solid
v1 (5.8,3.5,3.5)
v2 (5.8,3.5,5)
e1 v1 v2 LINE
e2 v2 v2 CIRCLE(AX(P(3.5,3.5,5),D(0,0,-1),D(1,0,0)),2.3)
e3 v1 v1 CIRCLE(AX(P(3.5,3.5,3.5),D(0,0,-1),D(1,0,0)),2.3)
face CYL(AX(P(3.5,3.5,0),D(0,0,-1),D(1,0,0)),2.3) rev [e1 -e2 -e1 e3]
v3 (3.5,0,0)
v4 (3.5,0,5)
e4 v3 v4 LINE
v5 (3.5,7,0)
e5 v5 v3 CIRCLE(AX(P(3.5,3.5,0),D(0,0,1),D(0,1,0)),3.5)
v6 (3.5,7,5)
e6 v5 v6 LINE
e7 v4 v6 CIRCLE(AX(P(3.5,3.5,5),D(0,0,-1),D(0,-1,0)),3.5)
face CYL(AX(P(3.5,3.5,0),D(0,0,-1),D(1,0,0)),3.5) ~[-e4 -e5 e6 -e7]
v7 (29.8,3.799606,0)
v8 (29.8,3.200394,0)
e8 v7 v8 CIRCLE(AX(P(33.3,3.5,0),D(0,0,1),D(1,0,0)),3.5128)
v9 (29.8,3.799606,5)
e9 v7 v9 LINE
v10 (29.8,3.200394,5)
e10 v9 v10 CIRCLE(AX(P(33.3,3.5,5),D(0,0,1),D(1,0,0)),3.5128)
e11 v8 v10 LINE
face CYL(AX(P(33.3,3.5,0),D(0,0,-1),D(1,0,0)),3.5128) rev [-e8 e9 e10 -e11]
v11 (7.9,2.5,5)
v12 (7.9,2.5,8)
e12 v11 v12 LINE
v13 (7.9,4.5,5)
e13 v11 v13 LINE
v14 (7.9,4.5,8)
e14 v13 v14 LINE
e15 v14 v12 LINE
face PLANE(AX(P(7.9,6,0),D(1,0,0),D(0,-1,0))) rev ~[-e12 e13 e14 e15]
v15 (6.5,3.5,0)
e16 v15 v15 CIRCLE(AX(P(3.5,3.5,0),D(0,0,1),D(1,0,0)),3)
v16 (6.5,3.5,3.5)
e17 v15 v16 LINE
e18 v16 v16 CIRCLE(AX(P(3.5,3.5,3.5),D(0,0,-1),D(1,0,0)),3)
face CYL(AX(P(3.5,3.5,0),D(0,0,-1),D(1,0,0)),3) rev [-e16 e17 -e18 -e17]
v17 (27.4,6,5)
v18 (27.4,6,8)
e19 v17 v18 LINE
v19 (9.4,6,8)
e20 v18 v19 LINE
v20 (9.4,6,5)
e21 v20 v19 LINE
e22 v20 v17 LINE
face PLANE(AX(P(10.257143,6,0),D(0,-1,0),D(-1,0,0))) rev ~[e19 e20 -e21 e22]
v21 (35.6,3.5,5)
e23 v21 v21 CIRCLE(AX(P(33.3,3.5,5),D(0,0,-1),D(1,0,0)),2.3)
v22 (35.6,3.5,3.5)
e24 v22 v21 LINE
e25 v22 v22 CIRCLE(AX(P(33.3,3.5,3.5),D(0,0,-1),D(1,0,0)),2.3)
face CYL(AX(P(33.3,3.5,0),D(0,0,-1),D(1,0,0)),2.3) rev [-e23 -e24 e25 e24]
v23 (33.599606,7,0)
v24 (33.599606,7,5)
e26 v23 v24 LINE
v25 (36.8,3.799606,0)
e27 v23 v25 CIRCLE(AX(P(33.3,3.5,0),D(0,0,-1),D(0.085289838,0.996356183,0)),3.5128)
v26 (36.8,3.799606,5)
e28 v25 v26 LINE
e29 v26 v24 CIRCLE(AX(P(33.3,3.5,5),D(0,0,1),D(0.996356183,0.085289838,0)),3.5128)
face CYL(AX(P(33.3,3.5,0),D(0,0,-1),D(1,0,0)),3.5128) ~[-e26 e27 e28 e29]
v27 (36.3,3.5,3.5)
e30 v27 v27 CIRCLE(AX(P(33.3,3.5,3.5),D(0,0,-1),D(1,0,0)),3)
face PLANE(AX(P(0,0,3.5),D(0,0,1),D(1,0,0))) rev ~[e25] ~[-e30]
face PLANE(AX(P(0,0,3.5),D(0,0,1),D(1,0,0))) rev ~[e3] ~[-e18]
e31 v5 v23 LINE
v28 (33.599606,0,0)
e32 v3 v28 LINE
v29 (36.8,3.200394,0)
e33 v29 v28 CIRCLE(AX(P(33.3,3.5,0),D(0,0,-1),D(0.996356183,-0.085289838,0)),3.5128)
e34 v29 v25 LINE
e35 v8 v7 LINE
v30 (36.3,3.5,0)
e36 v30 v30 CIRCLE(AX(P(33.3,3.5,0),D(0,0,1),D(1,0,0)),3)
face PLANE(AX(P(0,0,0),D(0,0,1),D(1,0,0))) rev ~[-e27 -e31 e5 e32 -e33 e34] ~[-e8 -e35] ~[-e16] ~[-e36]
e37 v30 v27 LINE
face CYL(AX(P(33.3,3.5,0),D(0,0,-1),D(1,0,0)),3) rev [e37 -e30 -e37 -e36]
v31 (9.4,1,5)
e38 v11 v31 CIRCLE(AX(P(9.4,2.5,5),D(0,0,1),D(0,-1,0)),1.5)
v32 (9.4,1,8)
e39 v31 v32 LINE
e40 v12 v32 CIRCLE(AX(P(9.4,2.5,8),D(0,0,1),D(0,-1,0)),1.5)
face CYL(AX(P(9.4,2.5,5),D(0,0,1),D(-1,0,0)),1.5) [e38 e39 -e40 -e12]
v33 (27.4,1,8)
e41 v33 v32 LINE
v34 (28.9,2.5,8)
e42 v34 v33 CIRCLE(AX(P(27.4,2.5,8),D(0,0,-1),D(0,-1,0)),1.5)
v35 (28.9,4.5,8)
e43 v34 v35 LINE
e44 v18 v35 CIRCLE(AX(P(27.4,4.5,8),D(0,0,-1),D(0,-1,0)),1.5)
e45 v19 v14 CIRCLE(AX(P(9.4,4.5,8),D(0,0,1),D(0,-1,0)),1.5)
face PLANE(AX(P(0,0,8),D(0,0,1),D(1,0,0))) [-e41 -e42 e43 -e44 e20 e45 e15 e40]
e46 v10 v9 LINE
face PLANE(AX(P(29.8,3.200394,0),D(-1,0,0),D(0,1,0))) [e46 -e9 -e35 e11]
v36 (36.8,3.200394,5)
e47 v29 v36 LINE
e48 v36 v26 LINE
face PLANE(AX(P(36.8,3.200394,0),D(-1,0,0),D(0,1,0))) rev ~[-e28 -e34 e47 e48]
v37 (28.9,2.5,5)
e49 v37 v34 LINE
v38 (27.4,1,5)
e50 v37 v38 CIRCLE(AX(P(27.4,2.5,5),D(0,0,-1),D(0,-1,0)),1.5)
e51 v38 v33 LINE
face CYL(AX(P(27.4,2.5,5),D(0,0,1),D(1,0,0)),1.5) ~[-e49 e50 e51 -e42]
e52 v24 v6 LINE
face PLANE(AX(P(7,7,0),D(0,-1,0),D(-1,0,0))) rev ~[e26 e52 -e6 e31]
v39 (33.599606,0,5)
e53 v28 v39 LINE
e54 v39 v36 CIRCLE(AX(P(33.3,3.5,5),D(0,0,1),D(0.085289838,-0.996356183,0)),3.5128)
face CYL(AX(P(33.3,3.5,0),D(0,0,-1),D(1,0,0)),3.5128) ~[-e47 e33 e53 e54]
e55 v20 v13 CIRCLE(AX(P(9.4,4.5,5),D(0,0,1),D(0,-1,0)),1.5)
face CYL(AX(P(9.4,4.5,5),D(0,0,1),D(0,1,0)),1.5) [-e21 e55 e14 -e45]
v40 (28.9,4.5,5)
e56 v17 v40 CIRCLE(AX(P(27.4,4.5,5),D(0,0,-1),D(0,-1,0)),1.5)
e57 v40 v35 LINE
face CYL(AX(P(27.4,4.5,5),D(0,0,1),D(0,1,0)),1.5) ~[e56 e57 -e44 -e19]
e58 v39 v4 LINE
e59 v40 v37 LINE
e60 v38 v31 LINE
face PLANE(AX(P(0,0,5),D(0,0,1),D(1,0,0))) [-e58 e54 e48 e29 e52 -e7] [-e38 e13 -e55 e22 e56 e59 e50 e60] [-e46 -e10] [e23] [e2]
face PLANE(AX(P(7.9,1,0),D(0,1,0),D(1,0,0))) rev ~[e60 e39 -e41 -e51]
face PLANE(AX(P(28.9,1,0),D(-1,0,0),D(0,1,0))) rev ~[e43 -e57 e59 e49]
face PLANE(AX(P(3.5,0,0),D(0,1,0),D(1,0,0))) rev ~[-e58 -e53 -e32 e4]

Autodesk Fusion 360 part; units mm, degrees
sketch "Sketch1" plane through (0, 0, 0) normal (0, 0, 1) x (1, 0, 0)
  line L0 (0, 0) -> (7, 0)
  line L1 (7, 0) -> (7, 7)
  line L2 (7, 7) -> (0, 7)
  line L3 (0, 7) -> (0, 0)
  line L4 (7, 0) -> (29.8, 0)
  line L5 (29.8, 0) -> (29.8, 7)
  line L6 (29.8, 7) -> (7, 7)
  line L7 (7, 7) -> (7, 0)
  line L8 (29.8, 0) -> (36.8, 0)
  line L9 (36.8, 0) -> (36.8, 7)
  line L10 (36.8, 7) -> (29.8, 7)
  line L11 (29.8, 7) -> (29.8, 0)
  line L12 (0, 7) -> (7, 0)
  line L13 (0, 0) -> (7, 7)
  line L14 (29.8, 7) -> (36.8, 0)
  line L15 (29.8, 0) -> (36.8, 7)
  circle A0 centre (3.5, 3.5) radius 2.3
  circle A1 centre (33.3, 3.5) radius 2.3
  circle A2 centre (3.5, 3.5) radius 3.5
  circle A3 centre (33.3, 3.5) radius 3.5128
  circle A4 centre (33.3, 3.5) radius 3
  circle A5 centre (3.5, 3.5) radius 3
  line L16 (29.8, 7) -> (7, 0)
  line L17 (29.8, 0) -> (7, 7)
  line L18 (7.9, 1) -> (28.9, 1)
  line L19 (28.9, 1) -> (28.9, 6)
  line L20 (28.9, 6) -> (7.9, 6)
  line L21 (7.9, 6) -> (7.9, 1)
  line L22 (7.9, 1) -> (28.9, 6) construction
  line L23 (28.9, 1) -> (7.9, 6) construction
  point P0 (18.4, 3.5)
  dimension "d1" = 7
  dimension "d2" = 7
  dimension "d3" = 22.8
  dimension "d4" = 7
  dimension "d5" = 4.6
  dimension "d6" = 4.6
  dimension "d9" = 6
  dimension "d10" = 6
  dimension "d13" = 21
  dimension "d14" = 5
extrude "Extrude1" add sketch "Sketch1" along normal blind 5 contours L0 L12 A2 | L12 L13 A2 A5 | L12 L13 A2 A5 | L1 L7 L12 A2 | L4 L16 L17 L18 | L1 L7 L16 L17 L18 L20 L21 | L12 L13 A2 A5 | L12 L13 A2 A5 | L12 L13 A0 A5 | L12 L13 A0 A5 | L1 L7 L13 A2 | L5 L11 A3 L16 L17 L18 L19 L20 | L8 L15 A3 | L5 L11 L15 A3 | L16 L17 L18 L20 L21 | L16 L17 L18 | L12 L13 A0 A5 | L2 L13 A2 | L12 L13 A0 A5 | L6 L16 L17 L20 | L5 L11 L14 L15 A3 A4 | L8 L14 L15 A3 A4 | L16 L17 L18 L19 L20 | L16 L17 L20 | L5 L11 L14 A3 | L10 L14 A3 | L14 L15 A1 A4 | L14 L15 A1 A4 | L10 L14 L15 A3 A4 | L9 L14 L15 A3 A4 | L14 L15 A1 A4 | L14 L15 A1 A4
extrude "Extrude2" cut sketch "Sketch1" along normal blind 3.5 contours L12 L13 A0 A5 | L12 L13 A0 A5 | L12 L13 A0 A5 | L12 L13 A0 A5 | L14 L15 A1 A4 | L14 L15 A1 A4 | L14 L15 A1 A4 | L14 L15 A1 A4
extrude "Extrude3" add sketch "Sketch1" along normal blind 8 contours L16 L17 L18 L20 L21 | L16 L17 L18 | L16 L17 L18 L19 L20 | L16 L17 L20
fillet "Fillet1" radius 1.5 1 edges at (7.9, 6, 6.5)
fillet "Fillet2" radius 1.5 1 edges at (7.9, 1, 6.5)
fillet "Fillet3" radius 1.5 1 edges at (28.9, 6, 6.5)
fillet "Fillet4" radius 1.5 1 edges at (28.9, 1, 6.5)
